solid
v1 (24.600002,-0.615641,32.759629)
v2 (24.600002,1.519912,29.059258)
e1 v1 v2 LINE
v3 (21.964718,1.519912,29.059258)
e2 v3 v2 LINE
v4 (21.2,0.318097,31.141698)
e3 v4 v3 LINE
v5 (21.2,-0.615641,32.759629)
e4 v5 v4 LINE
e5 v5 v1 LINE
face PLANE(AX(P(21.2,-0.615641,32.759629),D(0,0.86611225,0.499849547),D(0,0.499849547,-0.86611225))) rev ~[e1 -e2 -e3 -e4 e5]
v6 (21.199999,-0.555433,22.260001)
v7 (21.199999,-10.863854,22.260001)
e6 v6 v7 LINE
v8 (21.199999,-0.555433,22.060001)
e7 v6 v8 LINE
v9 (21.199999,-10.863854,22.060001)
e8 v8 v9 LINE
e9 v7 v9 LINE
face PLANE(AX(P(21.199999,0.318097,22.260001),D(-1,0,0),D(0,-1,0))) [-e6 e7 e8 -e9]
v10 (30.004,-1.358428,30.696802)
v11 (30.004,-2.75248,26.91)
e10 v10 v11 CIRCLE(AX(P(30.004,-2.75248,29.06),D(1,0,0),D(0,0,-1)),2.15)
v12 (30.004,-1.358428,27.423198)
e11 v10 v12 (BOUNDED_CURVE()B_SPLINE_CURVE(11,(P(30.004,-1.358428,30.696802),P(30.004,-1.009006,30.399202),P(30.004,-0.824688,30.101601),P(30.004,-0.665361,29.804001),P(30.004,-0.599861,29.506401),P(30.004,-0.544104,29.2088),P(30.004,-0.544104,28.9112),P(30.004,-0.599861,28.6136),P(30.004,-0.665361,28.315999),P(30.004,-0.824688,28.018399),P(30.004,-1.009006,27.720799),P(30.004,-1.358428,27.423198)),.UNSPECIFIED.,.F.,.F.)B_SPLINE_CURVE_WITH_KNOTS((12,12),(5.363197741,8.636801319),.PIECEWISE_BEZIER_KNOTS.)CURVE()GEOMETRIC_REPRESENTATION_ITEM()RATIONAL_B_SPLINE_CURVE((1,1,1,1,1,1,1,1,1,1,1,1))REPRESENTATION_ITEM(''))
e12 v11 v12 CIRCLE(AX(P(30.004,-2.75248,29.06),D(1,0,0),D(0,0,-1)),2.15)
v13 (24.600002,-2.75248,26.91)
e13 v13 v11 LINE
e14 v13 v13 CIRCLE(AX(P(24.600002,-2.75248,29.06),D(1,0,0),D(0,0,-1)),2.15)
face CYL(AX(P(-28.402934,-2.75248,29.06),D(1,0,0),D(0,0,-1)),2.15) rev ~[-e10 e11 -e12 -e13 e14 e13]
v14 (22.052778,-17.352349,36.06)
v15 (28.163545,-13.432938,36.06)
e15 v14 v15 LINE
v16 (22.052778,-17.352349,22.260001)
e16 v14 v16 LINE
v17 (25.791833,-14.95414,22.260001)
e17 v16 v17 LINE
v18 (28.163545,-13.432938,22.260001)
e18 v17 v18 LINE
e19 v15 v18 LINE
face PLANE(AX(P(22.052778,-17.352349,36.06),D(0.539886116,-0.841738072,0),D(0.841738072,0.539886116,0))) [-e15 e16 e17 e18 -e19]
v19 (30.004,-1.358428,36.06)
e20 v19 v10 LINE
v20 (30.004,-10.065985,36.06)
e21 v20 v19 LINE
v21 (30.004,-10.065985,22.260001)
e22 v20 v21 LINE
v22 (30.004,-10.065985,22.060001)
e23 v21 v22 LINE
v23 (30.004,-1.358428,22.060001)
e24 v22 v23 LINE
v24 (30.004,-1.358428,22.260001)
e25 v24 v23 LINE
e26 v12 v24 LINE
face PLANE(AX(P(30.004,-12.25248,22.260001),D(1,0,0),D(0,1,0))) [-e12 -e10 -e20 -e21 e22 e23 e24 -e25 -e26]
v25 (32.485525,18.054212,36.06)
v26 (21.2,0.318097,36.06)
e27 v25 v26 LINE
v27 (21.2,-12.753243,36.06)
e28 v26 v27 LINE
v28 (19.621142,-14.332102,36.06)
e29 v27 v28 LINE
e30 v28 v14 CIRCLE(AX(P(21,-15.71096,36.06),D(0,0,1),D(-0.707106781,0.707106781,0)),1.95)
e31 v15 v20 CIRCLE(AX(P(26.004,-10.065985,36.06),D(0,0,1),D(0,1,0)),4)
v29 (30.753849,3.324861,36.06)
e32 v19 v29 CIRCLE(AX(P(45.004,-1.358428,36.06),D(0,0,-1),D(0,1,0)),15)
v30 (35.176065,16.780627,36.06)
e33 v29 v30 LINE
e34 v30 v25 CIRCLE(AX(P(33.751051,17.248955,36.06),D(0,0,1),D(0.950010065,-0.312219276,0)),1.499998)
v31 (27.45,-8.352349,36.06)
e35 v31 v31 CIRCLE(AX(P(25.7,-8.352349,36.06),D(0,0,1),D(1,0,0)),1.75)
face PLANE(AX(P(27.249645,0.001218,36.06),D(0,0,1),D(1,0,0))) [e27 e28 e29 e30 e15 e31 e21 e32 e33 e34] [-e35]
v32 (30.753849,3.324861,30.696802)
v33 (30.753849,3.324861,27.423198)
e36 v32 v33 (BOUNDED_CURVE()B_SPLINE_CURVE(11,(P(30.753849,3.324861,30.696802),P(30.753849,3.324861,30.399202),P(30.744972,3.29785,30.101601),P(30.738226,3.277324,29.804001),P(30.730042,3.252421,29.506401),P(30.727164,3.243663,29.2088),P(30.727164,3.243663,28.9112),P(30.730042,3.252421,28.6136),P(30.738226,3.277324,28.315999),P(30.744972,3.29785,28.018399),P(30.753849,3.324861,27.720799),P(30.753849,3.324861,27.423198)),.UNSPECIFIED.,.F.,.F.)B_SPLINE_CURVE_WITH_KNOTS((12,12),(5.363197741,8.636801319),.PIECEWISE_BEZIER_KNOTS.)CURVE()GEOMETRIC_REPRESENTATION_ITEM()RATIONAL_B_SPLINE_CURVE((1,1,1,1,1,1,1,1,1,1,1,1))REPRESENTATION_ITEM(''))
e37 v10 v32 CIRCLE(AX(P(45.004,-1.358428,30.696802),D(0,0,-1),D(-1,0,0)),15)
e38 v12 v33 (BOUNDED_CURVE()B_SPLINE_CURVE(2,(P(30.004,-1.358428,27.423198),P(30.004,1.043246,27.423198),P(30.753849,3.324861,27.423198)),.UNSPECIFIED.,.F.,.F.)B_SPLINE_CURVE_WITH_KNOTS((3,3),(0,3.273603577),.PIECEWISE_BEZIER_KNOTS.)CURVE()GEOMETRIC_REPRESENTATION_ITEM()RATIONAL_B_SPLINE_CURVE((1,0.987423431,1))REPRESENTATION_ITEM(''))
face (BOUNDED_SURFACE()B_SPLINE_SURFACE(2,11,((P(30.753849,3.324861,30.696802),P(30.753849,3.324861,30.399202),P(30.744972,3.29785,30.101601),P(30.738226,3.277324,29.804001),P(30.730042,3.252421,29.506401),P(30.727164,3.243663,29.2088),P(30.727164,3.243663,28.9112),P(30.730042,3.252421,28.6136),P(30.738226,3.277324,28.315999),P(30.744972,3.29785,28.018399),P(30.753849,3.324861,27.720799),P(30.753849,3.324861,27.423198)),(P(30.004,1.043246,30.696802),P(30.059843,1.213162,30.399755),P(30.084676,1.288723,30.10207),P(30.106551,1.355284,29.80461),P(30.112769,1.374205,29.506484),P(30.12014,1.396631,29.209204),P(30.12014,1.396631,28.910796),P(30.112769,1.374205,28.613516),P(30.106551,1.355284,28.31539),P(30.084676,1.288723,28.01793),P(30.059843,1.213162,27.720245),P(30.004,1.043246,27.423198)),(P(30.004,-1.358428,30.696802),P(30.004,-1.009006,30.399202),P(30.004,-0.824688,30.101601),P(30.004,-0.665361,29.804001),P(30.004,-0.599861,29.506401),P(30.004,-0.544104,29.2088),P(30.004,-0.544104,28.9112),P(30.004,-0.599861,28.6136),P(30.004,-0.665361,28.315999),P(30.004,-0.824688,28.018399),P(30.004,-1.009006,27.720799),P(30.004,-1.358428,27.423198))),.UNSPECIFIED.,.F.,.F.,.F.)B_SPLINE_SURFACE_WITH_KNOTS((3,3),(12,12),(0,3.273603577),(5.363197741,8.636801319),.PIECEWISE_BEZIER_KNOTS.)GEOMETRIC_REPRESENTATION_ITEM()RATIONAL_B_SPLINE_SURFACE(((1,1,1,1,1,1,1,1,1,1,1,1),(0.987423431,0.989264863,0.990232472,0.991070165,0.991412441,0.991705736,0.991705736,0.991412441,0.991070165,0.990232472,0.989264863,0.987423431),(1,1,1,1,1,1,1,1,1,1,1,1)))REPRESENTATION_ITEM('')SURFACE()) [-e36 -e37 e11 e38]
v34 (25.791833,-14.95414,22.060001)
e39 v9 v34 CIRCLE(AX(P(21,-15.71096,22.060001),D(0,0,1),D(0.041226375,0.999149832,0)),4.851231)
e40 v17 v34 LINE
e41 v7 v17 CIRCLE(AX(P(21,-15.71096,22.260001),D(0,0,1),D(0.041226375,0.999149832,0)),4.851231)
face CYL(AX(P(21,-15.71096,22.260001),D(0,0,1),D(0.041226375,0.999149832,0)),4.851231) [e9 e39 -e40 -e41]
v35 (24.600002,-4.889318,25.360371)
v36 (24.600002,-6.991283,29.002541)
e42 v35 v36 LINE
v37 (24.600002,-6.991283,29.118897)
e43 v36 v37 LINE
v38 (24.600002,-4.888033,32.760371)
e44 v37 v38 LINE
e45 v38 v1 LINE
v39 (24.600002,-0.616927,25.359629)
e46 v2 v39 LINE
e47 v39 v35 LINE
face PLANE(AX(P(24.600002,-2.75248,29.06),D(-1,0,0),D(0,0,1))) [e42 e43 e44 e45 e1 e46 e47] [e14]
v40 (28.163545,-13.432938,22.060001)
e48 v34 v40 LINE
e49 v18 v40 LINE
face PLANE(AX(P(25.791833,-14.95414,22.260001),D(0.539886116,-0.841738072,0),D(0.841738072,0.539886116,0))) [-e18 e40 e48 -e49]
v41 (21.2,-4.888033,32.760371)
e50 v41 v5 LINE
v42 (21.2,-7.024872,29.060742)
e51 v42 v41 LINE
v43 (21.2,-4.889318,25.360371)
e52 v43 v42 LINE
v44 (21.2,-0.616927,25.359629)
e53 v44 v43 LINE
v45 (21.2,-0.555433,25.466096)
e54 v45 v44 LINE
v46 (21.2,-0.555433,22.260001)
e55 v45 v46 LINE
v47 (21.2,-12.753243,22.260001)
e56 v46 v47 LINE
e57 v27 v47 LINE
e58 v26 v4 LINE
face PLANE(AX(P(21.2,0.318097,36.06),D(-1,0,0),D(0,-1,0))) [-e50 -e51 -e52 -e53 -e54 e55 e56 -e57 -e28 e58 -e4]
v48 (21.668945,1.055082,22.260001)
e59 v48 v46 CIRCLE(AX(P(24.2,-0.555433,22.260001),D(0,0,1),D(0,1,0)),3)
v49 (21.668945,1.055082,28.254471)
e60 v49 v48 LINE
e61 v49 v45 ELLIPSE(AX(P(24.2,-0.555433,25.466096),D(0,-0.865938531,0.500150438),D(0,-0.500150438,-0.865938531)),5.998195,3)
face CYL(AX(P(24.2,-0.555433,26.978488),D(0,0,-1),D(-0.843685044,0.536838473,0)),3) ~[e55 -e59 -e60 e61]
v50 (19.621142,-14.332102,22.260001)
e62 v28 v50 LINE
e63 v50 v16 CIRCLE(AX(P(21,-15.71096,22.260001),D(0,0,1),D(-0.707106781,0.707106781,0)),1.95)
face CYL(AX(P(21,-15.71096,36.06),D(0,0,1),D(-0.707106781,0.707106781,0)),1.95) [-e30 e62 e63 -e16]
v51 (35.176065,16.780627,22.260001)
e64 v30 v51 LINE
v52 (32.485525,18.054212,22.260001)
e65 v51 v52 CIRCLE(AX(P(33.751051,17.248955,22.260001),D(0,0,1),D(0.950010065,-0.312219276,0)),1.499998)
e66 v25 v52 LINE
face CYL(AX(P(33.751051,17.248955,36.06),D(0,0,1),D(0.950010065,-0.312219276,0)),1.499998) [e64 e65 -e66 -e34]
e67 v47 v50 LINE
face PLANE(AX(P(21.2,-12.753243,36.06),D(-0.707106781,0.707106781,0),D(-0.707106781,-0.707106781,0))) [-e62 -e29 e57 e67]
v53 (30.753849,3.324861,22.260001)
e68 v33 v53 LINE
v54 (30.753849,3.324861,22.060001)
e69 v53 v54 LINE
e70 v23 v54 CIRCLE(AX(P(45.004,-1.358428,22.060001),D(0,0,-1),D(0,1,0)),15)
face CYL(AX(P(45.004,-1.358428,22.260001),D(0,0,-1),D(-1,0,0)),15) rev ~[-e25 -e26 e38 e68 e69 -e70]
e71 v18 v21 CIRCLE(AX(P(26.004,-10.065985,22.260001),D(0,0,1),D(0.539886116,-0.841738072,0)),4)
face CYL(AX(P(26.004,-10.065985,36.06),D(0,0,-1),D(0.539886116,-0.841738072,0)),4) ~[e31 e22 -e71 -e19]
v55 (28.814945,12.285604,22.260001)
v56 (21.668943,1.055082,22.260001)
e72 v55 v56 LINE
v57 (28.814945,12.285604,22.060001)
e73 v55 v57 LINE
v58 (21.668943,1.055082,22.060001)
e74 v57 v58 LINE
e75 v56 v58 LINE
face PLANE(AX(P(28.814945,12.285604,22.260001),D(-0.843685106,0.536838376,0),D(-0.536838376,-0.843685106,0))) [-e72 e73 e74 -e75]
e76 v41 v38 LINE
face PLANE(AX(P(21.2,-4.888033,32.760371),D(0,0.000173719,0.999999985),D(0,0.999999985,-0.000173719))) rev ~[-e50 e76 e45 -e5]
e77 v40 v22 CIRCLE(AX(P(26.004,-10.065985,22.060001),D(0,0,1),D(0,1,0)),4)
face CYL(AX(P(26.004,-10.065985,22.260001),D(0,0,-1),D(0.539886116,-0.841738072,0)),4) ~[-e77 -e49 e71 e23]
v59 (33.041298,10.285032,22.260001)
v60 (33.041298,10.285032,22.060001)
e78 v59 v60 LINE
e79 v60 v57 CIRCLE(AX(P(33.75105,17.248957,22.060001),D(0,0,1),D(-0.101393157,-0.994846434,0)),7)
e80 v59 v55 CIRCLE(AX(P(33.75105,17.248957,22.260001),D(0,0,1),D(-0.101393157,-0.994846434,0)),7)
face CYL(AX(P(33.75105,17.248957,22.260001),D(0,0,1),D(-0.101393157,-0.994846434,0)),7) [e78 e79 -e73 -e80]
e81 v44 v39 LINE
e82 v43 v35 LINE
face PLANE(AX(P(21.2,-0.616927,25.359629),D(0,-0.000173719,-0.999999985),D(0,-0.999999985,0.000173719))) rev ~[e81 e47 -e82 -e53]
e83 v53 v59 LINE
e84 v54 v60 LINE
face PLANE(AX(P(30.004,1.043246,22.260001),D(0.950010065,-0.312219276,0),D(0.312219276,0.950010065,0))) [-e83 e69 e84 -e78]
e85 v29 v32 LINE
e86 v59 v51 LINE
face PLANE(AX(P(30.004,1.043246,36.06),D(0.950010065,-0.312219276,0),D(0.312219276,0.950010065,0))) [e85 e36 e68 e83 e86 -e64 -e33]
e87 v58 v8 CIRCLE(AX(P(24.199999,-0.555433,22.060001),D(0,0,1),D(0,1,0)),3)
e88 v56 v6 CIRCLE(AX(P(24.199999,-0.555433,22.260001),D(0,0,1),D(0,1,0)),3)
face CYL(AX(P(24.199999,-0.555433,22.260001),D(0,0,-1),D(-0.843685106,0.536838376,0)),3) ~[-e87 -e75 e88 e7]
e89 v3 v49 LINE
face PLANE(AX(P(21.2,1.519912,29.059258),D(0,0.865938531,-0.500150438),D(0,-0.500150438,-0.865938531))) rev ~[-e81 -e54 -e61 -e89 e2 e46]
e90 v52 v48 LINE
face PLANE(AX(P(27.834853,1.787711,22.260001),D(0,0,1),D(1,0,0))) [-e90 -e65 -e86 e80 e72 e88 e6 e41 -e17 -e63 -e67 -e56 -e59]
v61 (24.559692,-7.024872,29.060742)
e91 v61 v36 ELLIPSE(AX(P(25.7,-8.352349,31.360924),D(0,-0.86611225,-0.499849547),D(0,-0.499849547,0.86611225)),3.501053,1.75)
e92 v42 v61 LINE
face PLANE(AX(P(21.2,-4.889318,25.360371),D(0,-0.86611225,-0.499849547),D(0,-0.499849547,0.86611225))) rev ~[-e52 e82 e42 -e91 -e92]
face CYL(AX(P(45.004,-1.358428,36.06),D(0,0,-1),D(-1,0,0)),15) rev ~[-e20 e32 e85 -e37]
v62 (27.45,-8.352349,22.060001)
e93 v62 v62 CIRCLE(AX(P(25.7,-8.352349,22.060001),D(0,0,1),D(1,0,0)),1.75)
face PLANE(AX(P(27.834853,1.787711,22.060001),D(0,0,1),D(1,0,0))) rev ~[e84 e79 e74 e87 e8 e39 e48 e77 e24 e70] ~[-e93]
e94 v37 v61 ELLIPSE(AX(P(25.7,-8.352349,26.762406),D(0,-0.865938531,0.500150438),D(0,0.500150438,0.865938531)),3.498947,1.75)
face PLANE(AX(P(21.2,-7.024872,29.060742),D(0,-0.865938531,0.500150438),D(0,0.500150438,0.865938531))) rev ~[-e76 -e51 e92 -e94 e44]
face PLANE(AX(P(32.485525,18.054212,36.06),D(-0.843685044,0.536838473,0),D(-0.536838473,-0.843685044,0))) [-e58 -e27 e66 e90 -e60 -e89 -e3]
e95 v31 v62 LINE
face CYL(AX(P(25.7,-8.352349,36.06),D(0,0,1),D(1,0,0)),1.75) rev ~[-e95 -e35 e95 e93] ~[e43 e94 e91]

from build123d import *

# Parameters (mm, degrees)
BOSS_EXTRUDE1_DEPTH        = 13.799999061
BOSS_EXTRUDE2_DEPTH        = 0.2
CUT_EXTRUDE1_DEPTH         = 3.400001203
F_4_3_4_3_DIAMETER_HOLE1_D = 4.3
FILLET1_R                  = 3
FILLET2_R                  = 4
FILLET3_R                  = 15
SKETCH8_R                  = 1.75
CUT_EXTRUDE2_DEPTH         = 50.443502835


with BuildPart() as part:
    # Sketch1 → Boss-Extrude1 (new body)
    with BuildSketch(Plane.XY.offset(36.05999958)):
        with BuildLine():
            Line((32.485525439, 18.054212076), (21.200000344, 0.318097361))
            Line((21.200000344, 0.318097361), (21.200000344, -12.753243365))
            Line((21.200000344, -12.753243365), (19.621141825, -14.332101884))
            ThreePointArc((19.621141825, -14.332101884), (19.48110052, -16.933843676), (22.052777974, -17.352349348))
            Line((22.052777974, -17.352349348), (30.004000079, -12.252479732))
            Line((30.004000079, -12.252479732), (30.004000079, 1.043246227))
            Line((30.004000079, 1.043246227), (35.17606489, 16.780626974))
            ThreePointArc((35.17606489, 16.780626974), (34.392817656, 18.604732161), (32.485525439, 18.054212076))
        make_face()
    extrude(amount=-BOSS_EXTRUDE1_DEPTH)

    # Sketch2 → Boss-Extrude2 (add)
    with BuildSketch(Plane(origin=(0, 0, 22.260000519), x_dir=(-1, 0, 0), z_dir=(0, 0, -1))):
        with BuildLine():
            Line((-28.814945272, 12.285604299), (-21.19999872, 0.318097361))
            Line((-21.19999872, 0.318097361), (-21.19999872, -10.863853544))
            ThreePointArc((-21.19999872, -10.863853544), (-17.77320484, -19.33342263), (-25.791833238, -14.954140106))
            Line((-25.791833238, -14.954140106), (-30.004000079, -12.252479732))
            Line((-30.004000079, -12.252479732), (-30.004000079, 1.043246227))
            Line((-30.004000079, 1.043246227), (-33.041298024, 10.285031848))
            ThreePointArc((-33.041298024, 10.285031848), (-36.745962089, 23.575923167), (-28.814945272, 12.285604299))
        make_face()
    extrude(amount=BOSS_EXTRUDE2_DEPTH)

    # Sketch3 → Cut-Extrude1 (cut)
    with BuildSketch(Plane.ZY.offset(-21.200000344)):
        Polygon((29.060742246, -7.024871659), (32.760371092, -4.888032935), (32.759628896, -0.615641007), (29.059257854, 1.519912196), (25.359629008, -0.616926528), (25.360371203, -4.889318456), align=None)
    extrude(amount=-CUT_EXTRUDE1_DEPTH, mode=Mode.SUBTRACT)

    # Ø4.3 (4.3) Diameter Hole1 (through all)
    with Locations(Plane.ZY.offset(-24.600001547)):
        with Locations((29.06000005, -2.752479732)):
            Hole(F_4_3_4_3_DIAMETER_HOLE1_D / 2)

    # Fillet1
    fillet1_edges = [part.edges().sort_by_distance(p)[0] for p in [
        (21.200000344, 0.318097361, 24.619244439),
        (21.19999872, 0.318097361, 22.160000519),
    ]]
    fillet(fillet1_edges, radius=FILLET1_R)

    # Fillet2
    fillet2_edges = [part.edges().sort_by_distance(p)[0] for p in [
        (30.004000079, -12.252479732, 29.06000005),
    ]]
    fillet(fillet2_edges, radius=FILLET2_R)

    # Fillet3
    fillet3_edges = [part.edges().sort_by_distance(p)[0] for p in [
        (30.004000079, 1.043246227, 29.06000005),
    ]]
    fillet(fillet3_edges, radius=FILLET3_R)

    # Sketch8 → Cut-Extrude2 (cut, through all)
    with BuildSketch(Plane.XY.offset(36.05999958)):
        with Locations((25.700000344, -8.352349348)):
            Circle(SKETCH8_R)
    extrude(amount=-CUT_EXTRUDE2_DEPTH, mode=Mode.SUBTRACT)


solid = part.part
